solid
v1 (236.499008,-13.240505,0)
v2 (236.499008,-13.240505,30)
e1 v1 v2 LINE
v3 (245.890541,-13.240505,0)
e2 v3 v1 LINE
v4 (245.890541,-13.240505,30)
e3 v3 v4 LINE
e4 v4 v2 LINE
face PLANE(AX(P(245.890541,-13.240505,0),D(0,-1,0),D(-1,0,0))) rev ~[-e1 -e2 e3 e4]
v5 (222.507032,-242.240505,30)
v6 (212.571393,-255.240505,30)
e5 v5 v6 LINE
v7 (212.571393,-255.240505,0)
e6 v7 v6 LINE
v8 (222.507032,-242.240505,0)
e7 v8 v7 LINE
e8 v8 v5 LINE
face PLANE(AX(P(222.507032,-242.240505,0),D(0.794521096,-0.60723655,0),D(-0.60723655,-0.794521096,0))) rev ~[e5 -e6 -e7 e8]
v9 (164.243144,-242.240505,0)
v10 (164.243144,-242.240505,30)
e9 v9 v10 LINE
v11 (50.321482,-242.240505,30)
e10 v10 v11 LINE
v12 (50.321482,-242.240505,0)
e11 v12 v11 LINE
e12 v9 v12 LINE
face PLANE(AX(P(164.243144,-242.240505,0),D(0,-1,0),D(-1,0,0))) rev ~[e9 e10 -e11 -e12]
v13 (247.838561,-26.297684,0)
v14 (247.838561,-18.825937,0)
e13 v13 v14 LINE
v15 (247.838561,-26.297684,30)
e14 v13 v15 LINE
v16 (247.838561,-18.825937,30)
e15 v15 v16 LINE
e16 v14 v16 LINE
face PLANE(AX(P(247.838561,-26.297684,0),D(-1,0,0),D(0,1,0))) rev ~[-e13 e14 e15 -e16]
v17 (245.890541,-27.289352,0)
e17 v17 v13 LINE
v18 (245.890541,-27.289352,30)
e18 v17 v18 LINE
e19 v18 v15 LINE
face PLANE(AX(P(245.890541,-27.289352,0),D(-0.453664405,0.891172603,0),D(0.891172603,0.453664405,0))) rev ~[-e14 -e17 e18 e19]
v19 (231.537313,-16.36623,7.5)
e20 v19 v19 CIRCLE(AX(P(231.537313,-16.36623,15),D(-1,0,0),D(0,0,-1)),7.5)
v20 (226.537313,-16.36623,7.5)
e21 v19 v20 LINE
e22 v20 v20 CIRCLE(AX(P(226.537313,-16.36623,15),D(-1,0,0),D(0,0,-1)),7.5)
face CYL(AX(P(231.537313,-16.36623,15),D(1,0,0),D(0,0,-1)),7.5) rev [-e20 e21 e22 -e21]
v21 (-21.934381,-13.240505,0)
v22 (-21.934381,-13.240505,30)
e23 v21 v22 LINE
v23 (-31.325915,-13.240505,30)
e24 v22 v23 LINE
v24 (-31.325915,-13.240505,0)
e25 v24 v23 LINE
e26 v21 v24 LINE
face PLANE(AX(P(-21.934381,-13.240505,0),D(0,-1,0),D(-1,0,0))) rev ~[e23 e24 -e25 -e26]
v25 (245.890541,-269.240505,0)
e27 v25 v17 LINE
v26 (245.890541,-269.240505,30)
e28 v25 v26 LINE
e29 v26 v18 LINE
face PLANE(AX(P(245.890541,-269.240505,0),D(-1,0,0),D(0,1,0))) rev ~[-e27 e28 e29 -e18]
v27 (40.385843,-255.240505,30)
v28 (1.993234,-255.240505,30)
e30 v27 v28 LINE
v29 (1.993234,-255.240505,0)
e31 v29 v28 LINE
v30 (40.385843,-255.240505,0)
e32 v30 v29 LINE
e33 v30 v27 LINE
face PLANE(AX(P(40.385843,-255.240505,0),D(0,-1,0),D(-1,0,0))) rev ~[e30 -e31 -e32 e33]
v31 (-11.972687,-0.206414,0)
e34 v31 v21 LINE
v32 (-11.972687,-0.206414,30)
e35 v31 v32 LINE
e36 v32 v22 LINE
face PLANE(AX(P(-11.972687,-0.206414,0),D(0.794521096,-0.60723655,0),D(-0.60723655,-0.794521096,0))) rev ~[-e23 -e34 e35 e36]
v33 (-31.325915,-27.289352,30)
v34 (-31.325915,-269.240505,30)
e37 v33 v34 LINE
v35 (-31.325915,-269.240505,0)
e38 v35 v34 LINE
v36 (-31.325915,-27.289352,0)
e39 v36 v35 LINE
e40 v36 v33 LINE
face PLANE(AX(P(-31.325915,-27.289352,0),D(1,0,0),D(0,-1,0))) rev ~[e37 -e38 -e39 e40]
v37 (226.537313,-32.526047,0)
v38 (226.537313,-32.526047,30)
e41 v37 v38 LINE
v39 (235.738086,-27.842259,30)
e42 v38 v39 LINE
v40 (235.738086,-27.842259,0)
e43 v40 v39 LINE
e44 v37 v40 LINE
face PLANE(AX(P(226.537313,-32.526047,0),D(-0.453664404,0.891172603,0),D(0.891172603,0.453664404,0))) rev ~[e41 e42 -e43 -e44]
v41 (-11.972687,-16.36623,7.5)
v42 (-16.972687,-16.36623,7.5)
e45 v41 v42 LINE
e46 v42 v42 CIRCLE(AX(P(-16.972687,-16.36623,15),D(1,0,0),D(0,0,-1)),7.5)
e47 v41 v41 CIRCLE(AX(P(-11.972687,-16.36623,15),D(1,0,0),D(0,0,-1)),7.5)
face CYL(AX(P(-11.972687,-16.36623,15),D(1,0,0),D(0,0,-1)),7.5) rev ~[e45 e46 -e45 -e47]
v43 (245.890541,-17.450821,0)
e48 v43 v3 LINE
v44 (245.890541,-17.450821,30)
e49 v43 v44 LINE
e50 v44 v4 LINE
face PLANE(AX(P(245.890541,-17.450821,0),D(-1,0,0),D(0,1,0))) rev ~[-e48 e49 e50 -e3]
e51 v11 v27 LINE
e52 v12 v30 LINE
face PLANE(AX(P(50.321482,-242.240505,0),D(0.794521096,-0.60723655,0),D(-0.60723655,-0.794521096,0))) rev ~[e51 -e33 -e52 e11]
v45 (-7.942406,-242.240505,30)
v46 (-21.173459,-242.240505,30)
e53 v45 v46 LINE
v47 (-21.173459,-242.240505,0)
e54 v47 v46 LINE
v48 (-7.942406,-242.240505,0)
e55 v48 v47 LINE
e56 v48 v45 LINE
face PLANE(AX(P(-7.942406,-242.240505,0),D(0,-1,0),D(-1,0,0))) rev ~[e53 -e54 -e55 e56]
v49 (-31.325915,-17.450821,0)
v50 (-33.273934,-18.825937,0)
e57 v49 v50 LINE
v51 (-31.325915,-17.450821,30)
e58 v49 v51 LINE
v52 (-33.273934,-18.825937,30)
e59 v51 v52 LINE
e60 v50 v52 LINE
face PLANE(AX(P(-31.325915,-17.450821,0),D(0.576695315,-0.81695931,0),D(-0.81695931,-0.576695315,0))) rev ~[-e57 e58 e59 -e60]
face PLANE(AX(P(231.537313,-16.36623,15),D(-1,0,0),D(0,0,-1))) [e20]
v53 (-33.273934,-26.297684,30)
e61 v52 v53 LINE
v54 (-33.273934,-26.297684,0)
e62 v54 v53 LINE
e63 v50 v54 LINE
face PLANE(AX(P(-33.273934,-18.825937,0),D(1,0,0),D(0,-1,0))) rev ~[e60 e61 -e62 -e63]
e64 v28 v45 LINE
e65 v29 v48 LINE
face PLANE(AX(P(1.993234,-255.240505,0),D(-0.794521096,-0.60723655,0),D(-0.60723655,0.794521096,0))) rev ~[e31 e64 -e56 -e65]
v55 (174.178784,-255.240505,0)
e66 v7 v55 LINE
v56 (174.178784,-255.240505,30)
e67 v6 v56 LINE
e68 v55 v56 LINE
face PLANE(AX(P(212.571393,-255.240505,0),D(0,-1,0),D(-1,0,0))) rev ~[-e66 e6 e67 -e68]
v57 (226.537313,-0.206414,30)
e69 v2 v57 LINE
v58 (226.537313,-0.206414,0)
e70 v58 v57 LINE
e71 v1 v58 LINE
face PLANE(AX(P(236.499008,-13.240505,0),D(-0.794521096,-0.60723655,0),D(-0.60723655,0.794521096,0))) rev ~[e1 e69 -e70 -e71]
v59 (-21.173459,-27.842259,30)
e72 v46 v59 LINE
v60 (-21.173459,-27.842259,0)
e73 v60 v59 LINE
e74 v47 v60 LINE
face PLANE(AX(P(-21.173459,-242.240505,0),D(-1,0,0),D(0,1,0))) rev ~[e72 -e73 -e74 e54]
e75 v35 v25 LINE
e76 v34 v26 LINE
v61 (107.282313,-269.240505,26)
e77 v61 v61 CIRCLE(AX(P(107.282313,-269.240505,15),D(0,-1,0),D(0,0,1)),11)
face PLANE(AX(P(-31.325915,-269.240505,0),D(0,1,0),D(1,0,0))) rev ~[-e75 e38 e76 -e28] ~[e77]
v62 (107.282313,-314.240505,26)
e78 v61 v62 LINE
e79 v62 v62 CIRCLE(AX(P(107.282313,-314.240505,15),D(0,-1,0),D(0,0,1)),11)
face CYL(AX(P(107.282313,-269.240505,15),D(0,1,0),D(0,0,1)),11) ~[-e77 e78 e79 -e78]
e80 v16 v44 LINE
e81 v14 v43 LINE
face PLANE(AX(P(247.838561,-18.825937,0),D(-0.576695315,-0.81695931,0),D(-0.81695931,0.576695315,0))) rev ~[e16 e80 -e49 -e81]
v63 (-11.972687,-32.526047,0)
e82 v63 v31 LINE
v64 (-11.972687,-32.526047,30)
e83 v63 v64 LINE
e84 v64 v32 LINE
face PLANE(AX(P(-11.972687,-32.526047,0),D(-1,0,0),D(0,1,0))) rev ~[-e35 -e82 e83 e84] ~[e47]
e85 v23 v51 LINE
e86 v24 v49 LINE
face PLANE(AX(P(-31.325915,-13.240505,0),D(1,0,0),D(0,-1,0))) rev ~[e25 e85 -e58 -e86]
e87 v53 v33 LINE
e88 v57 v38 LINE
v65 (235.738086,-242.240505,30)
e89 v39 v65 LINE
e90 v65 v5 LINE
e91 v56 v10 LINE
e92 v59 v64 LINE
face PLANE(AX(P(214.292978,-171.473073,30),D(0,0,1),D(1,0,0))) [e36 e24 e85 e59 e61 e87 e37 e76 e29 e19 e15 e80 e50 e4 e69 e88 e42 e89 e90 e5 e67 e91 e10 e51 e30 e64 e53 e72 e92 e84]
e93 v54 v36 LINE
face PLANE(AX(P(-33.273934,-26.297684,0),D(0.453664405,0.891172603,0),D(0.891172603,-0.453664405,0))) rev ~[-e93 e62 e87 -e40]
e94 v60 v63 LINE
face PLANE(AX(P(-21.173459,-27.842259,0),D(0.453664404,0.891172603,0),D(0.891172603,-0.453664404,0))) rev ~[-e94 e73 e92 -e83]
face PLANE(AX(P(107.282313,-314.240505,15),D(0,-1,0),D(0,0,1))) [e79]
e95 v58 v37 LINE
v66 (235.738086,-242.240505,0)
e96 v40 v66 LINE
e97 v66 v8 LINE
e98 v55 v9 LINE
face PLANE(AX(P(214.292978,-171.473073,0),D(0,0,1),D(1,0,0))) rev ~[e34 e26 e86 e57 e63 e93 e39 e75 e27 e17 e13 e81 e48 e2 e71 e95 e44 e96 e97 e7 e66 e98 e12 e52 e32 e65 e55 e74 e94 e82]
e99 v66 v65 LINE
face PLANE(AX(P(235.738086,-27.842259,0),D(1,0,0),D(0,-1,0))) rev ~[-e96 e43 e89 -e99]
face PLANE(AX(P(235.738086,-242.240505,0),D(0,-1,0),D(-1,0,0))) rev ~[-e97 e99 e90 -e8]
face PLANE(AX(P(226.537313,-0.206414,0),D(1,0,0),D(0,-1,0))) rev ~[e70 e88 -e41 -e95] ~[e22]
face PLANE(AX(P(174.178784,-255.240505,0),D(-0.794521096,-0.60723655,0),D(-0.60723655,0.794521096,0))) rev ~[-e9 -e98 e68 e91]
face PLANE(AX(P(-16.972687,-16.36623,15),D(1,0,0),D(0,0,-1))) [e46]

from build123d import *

# Parameters (mm, degrees)
BOSS_EXTRUDE1_DEPTH = 30
SKETCH2_R           = 11
BOSS_EXTRUDE2_DEPTH = 45
SKETCH3_R           = 7.5
CUT_EXTRUDE1_DEPTH  = 5
CUT_EXTRUDE2_START  = -5
SKETCH4_R           = 7.5
CUT_EXTRUDE2_DEPTH  = 5


with BuildPart() as part:
    # Sketch1 → Boss-Extrude1 (new body)
    with BuildSketch(Plane.XY):
        Polygon((164.243144092, -242.240505044), (107.282313119, -242.240505044), (107.282313119, -269.240505044), (245.890540796, -269.240505044), (245.890540796, -27.289352142), (247.838560611, -26.297684258), (247.838560611, -18.825937148), (245.890540796, -17.450821047), (245.890540796, -13.240505044), (236.499007707, -13.240505044), (226.537313119, -0.206413948), (226.537313119, -32.526046634), (235.73808569, -27.842259234), (235.73808569, -242.240505044), (222.507031976, -242.240505044), (212.571392529, -255.240505044), (174.178783539, -255.240505044), align=None)
        Polygon((107.282313119, -242.240505044), (50.321482145, -242.240505044), (40.385842698, -255.240505044), (1.993233708, -255.240505044), (-7.942405739, -242.240505044), (-21.173459453, -242.240505044), (-21.173459453, -27.842259234), (-11.972686881, -32.526046634), (-11.972686881, -0.206413948), (-21.93438147, -13.240505044), (-31.325914559, -13.240505044), (-31.325914559, -17.450821047), (-33.273934374, -18.825937148), (-33.273934374, -26.297684258), (-31.325914559, -27.289352142), (-31.325914559, -269.240505044), (107.282313119, -269.240505044), align=None)
    extrude(amount=BOSS_EXTRUDE1_DEPTH)

    # Sketch2 → Boss-Extrude2 (add)
    with BuildSketch(Plane.XZ.offset(269.240505044)):
        with Locations(Location((107.282313119, 15, 0), (0, 0, 90))):
            Circle(SKETCH2_R)
    extrude(amount=BOSS_EXTRUDE2_DEPTH)

    # Sketch3 → Cut-Extrude1 (cut)
    with BuildSketch(Plane(origin=(-11.972686881, 0, 0), x_dir=(0, 0, -1), z_dir=(1, 0, 0))):
        with Locations((-15, -16.366230291)):
            Circle(SKETCH3_R)
    extrude(amount=-CUT_EXTRUDE1_DEPTH, mode=Mode.SUBTRACT)

    # Sketch4 → Cut-Extrude2 (cut)
    with BuildSketch(Plane.ZY.offset(-226.537313119).offset(CUT_EXTRUDE2_START)):
        with Locations(Location((15, -16.366230291, 0), (0, 0, 180))):
            Circle(SKETCH4_R)
    extrude(amount=CUT_EXTRUDE2_DEPTH, mode=Mode.SUBTRACT)


solid = part.part
